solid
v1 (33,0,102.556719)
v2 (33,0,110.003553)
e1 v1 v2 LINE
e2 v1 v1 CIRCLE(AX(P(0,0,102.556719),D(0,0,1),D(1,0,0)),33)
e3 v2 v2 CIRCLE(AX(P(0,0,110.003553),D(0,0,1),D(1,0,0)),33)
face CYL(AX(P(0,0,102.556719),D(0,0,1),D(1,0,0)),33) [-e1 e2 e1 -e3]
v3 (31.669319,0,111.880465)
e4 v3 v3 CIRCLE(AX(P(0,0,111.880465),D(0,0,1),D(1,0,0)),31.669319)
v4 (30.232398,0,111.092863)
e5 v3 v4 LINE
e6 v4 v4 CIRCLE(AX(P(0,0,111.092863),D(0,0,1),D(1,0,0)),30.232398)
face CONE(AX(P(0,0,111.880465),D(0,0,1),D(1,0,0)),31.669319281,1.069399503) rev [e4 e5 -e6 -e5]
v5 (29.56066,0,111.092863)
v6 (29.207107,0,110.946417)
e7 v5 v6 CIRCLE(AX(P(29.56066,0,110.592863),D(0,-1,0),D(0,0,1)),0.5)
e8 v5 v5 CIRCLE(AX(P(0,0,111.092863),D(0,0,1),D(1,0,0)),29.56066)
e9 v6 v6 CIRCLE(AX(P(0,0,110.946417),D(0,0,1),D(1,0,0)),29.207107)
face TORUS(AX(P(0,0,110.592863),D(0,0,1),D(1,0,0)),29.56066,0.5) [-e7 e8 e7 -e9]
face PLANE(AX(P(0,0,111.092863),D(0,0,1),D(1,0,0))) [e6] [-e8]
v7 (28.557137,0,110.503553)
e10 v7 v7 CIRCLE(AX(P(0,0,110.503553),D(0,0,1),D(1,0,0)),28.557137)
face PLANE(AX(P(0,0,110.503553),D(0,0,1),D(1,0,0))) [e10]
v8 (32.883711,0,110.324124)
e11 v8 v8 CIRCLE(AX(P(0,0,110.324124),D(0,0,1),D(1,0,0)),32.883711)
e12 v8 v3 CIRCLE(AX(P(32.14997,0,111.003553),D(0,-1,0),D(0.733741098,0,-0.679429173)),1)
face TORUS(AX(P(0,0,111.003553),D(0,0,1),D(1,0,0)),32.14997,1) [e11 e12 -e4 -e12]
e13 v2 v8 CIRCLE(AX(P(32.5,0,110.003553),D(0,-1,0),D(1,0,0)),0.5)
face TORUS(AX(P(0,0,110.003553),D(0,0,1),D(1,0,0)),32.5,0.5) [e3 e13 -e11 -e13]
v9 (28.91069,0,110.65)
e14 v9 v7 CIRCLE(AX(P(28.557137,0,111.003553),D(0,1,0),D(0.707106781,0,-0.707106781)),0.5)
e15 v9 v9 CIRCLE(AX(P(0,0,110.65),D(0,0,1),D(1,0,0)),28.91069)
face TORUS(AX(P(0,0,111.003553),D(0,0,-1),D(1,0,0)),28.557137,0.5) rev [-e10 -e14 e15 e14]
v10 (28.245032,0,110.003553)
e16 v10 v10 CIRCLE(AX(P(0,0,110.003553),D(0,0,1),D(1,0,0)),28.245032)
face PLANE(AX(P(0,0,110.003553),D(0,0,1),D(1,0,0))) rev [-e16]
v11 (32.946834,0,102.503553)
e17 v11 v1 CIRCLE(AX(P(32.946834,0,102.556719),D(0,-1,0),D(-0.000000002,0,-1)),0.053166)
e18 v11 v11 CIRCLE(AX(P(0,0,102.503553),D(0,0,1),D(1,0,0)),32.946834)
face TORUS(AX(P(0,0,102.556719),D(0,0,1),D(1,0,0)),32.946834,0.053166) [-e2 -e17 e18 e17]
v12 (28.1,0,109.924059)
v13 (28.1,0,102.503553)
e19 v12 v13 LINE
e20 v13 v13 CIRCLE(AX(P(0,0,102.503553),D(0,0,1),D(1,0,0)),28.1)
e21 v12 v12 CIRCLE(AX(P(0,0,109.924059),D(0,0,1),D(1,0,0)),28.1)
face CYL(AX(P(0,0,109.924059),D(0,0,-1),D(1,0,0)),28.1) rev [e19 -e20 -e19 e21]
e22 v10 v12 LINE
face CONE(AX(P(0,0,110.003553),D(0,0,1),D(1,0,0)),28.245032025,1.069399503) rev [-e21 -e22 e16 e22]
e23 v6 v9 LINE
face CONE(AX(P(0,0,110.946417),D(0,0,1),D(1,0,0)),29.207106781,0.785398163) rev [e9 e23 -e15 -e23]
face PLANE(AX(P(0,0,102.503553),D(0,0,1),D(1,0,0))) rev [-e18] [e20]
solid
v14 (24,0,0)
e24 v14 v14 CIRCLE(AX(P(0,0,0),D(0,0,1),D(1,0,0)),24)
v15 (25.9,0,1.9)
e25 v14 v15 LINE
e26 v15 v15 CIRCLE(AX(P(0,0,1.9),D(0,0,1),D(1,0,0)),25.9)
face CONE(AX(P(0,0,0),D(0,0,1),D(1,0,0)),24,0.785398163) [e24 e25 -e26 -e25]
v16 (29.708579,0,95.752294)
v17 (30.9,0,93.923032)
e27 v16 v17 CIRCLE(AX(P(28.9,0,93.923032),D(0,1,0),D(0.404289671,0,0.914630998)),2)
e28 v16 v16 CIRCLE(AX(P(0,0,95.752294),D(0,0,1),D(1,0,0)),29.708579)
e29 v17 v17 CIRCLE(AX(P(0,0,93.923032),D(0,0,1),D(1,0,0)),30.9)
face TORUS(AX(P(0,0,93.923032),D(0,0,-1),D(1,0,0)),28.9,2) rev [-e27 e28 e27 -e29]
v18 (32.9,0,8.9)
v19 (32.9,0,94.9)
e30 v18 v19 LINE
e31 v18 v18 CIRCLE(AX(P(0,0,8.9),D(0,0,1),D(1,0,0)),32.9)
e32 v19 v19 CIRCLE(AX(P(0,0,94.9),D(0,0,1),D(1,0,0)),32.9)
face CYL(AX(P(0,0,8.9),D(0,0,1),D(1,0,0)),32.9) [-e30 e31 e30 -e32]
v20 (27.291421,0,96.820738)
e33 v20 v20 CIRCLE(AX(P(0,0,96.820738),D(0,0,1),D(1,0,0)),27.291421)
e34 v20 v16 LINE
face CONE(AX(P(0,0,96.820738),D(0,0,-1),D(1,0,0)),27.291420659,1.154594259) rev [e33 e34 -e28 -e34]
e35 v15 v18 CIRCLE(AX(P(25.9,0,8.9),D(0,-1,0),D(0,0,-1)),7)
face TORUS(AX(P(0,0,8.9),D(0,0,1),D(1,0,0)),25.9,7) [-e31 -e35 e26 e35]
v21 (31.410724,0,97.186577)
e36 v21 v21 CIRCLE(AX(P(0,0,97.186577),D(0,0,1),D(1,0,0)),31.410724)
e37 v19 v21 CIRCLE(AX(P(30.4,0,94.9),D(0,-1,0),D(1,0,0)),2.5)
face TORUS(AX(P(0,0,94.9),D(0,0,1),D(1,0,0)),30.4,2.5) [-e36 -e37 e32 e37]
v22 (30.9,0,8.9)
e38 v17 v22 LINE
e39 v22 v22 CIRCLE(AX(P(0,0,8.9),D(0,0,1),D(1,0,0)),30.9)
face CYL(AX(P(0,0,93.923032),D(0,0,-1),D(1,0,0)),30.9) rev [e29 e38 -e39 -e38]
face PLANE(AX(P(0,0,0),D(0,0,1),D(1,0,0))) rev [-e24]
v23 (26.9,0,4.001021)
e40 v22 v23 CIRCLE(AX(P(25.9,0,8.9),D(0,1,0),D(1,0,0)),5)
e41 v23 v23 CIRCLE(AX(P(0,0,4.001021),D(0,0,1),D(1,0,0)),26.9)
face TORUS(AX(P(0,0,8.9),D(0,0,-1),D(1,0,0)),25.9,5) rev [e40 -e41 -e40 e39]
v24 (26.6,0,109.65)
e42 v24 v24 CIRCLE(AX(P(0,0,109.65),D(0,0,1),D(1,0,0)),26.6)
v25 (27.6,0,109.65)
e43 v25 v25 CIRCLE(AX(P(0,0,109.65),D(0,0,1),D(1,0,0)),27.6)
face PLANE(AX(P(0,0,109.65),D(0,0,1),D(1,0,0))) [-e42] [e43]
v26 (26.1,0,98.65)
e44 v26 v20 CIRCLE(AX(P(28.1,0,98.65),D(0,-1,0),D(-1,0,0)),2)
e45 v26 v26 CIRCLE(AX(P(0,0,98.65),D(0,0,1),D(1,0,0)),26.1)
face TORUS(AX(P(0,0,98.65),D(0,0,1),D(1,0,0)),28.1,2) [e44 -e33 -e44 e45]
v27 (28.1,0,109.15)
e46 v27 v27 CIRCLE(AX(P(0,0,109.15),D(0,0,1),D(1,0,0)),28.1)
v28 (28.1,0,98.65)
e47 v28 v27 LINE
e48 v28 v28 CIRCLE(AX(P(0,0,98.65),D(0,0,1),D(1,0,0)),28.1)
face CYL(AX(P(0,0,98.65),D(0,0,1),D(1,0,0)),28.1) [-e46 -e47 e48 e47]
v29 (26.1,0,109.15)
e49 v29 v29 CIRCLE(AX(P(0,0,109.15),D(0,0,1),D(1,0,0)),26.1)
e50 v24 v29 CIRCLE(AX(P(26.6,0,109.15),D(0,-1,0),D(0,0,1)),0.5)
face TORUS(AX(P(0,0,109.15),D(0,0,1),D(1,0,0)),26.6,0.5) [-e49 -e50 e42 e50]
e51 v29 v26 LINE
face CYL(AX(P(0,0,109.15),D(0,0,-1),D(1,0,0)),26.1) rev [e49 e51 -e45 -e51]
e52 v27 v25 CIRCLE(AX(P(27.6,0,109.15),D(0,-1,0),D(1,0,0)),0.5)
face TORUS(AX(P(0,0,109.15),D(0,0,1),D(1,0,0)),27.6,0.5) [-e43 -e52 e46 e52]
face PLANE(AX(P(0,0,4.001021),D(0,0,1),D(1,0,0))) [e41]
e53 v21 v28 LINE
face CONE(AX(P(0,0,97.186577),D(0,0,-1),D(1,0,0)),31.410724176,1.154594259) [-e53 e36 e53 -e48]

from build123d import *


with BuildPart() as f2:
    # F1 (on Front) → F2 (revolve)
    with BuildSketch(Plane.XZ):
        with BuildLine():
            Line((28.1, 103.3949926496), (28.1, 102.5035533906))
            Line((28.1, 102.5035533906), (32.9468340278, 102.5035533906))
            ThreePointArc((32.9468340278, 102.5035533906), (32.9844280473, 102.5191253433), (33, 102.5567193628))
            Line((33, 102.5567193628), (33, 110.0035533906))
            ThreePointArc((33, 110.0035533906), (32.9700295943, 110.1740590518), (32.883711278, 110.3241242176))
            ThreePointArc((32.883711278, 110.3241242176), (32.1691758877, 110.0037378372), (31.4428633988, 110.2964466094))
            Line((31.4428633988, 110.2964466094), (31.1464466094, 110.5928633988))
            Line((31.1464466094, 110.5928633988), (29.5606601718, 110.5928633988))
            Line((29.5606601718, 110.5928633988), (29.2642433824, 110.2964466094))
            ThreePointArc((29.2642433824, 110.2964466094), (28.9398200336, 110.0796738581), (28.5571366012, 110.0035533906))
            Line((28.5571366012, 110.0035533906), (28.2450320252, 110.0035533906))
            Line((28.2450320252, 110.0035533906), (28.1, 109.9240587884))
            Line((28.1, 109.9240587884), (28.1, 103.3949926496))
        make_face()
        with BuildLine():
            Line((30.2323976094, 111.0928633988), (28.2450320252, 110.0035533906))
            Line((28.2450320252, 110.0035533906), (28.5571366012, 110.0035533906))
            ThreePointArc((28.5571366012, 110.0035533906), (28.9398200336, 110.0796738581), (29.2642433824, 110.2964466094))
            Line((29.2642433824, 110.2964466094), (29.5606601718, 110.5928633988))
            Line((29.5606601718, 110.5928633988), (31.1464466094, 110.5928633988))
            Line((31.1464466094, 110.5928633988), (31.4428633988, 110.2964466094))
            ThreePointArc((31.4428633988, 110.2964466094), (32.1691758877, 110.0037378372), (32.883711278, 110.3241242176))
            ThreePointArc((32.883711278, 110.3241242176), (32.7117954042, 110.4564802133), (32.5, 110.5035533906))
            Line((32.5, 110.5035533906), (32.14997018, 110.5035533906))
            ThreePointArc((32.14997018, 110.5035533906), (31.9586284638, 110.5416136243), (31.7964167894, 110.65))
            Line((31.7964167894, 110.65), (31.5, 110.9464167894))
            ThreePointArc((31.5, 110.9464167894), (31.3377883256, 111.054803165), (31.1464466094, 111.0928633988))
            Line((31.1464466094, 111.0928633988), (30.2323976094, 111.0928633988))
        make_face()
        with BuildLine():
            Line((0, 110.0035533906), (28.2450320252, 110.0035533906))
            Line((28.2450320252, 110.0035533906), (30.2323976094, 111.0928633988))
            Line((30.2323976094, 111.0928633988), (29.5606601718, 111.0928633988))
            ThreePointArc((29.5606601718, 111.0928633988), (29.3693184556, 111.054803165), (29.2071067812, 110.9464167894))
            Line((29.2071067812, 110.9464167894), (28.9106899918, 110.65))
            ThreePointArc((28.9106899918, 110.65), (28.7484783174, 110.5416136243), (28.5571366012, 110.5035533906))
            Line((28.5571366012, 110.5035533906), (0, 110.5035533906))
            Line((0, 110.5035533906), (0, 110.0035533906))
        make_face()
        with BuildLine():
            ThreePointArc((32.5, 110.5035533906), (32.7117954042, 110.4564802133), (32.883711278, 110.3241242176))
            ThreePointArc((32.883711278, 110.3241242176), (32.9383629435, 111.6187256025), (31.6693192814, 111.8804654236))
            Line((31.6693192814, 111.8804654236), (30.2323976094, 111.0928633988))
            Line((30.2323976094, 111.0928633988), (31.1464466094, 111.0928633988))
            ThreePointArc((31.1464466094, 111.0928633988), (31.3377883256, 111.054803165), (31.5, 110.9464167894))
            Line((31.5, 110.9464167894), (31.7964167894, 110.65))
            ThreePointArc((31.7964167894, 110.65), (31.9586284638, 110.5416136243), (32.14997018, 110.5035533906))
            Line((32.14997018, 110.5035533906), (32.5, 110.5035533906))
        make_face()
    revolve(axis=Axis((0, 0, 27.9559288174), (0, 0, 1)))


with BuildPart() as f3:
    # F0 (on Front) → F3 (revolve)
    with BuildSketch(Plane.XZ):
        with BuildLine():
            Line((0, 4.0010205144), (0, 0))
            Line((0, 0), (24, 0))
            Line((24, 0), (25.9, 1.9))
            ThreePointArc((25.9, 1.9), (30.8497474683, 3.9502525317), (32.9, 8.9))
            Line((32.9, 8.9), (32.9, 94.9))
            ThreePointArc((32.9, 94.9), (32.494852076, 96.264402719), (31.4107241762, 97.1865774948))
            Line((31.4107241762, 97.1865774948), (28.1, 98.65))
            Line((28.1, 98.65), (28.1, 109.15))
            ThreePointArc((28.1, 109.15), (27.9535533906, 109.5035533906), (27.6, 109.65))
            Line((27.6, 109.65), (26.6, 109.65))
            ThreePointArc((26.6, 109.65), (26.2464466094, 109.5035533906), (26.1, 109.15))
            Line((26.1, 109.15), (26.1, 98.65))
            ThreePointArc((26.1, 98.65), (26.4241183392, 97.5584778248), (27.291420659, 96.8207380042))
            Line((27.291420659, 96.8207380042), (29.708579341, 95.7522936924))
            ThreePointArc((29.708579341, 95.7522936924), (30.5758816608, 95.0145538718), (30.9, 93.9230316966))
            Line((30.9, 93.9230316966), (30.9, 8.9))
            ThreePointArc((30.9, 8.9), (29.7729833462, 5.7377223398), (26.9, 4.0010205144))
            Line((26.9, 4.0010205144), (0, 4.0010205144))
        make_face()
    revolve(axis=Axis((0, 0, 27.9559288174), (0, 0, 1)))


solid = Compound([f2.part, f3.part])
